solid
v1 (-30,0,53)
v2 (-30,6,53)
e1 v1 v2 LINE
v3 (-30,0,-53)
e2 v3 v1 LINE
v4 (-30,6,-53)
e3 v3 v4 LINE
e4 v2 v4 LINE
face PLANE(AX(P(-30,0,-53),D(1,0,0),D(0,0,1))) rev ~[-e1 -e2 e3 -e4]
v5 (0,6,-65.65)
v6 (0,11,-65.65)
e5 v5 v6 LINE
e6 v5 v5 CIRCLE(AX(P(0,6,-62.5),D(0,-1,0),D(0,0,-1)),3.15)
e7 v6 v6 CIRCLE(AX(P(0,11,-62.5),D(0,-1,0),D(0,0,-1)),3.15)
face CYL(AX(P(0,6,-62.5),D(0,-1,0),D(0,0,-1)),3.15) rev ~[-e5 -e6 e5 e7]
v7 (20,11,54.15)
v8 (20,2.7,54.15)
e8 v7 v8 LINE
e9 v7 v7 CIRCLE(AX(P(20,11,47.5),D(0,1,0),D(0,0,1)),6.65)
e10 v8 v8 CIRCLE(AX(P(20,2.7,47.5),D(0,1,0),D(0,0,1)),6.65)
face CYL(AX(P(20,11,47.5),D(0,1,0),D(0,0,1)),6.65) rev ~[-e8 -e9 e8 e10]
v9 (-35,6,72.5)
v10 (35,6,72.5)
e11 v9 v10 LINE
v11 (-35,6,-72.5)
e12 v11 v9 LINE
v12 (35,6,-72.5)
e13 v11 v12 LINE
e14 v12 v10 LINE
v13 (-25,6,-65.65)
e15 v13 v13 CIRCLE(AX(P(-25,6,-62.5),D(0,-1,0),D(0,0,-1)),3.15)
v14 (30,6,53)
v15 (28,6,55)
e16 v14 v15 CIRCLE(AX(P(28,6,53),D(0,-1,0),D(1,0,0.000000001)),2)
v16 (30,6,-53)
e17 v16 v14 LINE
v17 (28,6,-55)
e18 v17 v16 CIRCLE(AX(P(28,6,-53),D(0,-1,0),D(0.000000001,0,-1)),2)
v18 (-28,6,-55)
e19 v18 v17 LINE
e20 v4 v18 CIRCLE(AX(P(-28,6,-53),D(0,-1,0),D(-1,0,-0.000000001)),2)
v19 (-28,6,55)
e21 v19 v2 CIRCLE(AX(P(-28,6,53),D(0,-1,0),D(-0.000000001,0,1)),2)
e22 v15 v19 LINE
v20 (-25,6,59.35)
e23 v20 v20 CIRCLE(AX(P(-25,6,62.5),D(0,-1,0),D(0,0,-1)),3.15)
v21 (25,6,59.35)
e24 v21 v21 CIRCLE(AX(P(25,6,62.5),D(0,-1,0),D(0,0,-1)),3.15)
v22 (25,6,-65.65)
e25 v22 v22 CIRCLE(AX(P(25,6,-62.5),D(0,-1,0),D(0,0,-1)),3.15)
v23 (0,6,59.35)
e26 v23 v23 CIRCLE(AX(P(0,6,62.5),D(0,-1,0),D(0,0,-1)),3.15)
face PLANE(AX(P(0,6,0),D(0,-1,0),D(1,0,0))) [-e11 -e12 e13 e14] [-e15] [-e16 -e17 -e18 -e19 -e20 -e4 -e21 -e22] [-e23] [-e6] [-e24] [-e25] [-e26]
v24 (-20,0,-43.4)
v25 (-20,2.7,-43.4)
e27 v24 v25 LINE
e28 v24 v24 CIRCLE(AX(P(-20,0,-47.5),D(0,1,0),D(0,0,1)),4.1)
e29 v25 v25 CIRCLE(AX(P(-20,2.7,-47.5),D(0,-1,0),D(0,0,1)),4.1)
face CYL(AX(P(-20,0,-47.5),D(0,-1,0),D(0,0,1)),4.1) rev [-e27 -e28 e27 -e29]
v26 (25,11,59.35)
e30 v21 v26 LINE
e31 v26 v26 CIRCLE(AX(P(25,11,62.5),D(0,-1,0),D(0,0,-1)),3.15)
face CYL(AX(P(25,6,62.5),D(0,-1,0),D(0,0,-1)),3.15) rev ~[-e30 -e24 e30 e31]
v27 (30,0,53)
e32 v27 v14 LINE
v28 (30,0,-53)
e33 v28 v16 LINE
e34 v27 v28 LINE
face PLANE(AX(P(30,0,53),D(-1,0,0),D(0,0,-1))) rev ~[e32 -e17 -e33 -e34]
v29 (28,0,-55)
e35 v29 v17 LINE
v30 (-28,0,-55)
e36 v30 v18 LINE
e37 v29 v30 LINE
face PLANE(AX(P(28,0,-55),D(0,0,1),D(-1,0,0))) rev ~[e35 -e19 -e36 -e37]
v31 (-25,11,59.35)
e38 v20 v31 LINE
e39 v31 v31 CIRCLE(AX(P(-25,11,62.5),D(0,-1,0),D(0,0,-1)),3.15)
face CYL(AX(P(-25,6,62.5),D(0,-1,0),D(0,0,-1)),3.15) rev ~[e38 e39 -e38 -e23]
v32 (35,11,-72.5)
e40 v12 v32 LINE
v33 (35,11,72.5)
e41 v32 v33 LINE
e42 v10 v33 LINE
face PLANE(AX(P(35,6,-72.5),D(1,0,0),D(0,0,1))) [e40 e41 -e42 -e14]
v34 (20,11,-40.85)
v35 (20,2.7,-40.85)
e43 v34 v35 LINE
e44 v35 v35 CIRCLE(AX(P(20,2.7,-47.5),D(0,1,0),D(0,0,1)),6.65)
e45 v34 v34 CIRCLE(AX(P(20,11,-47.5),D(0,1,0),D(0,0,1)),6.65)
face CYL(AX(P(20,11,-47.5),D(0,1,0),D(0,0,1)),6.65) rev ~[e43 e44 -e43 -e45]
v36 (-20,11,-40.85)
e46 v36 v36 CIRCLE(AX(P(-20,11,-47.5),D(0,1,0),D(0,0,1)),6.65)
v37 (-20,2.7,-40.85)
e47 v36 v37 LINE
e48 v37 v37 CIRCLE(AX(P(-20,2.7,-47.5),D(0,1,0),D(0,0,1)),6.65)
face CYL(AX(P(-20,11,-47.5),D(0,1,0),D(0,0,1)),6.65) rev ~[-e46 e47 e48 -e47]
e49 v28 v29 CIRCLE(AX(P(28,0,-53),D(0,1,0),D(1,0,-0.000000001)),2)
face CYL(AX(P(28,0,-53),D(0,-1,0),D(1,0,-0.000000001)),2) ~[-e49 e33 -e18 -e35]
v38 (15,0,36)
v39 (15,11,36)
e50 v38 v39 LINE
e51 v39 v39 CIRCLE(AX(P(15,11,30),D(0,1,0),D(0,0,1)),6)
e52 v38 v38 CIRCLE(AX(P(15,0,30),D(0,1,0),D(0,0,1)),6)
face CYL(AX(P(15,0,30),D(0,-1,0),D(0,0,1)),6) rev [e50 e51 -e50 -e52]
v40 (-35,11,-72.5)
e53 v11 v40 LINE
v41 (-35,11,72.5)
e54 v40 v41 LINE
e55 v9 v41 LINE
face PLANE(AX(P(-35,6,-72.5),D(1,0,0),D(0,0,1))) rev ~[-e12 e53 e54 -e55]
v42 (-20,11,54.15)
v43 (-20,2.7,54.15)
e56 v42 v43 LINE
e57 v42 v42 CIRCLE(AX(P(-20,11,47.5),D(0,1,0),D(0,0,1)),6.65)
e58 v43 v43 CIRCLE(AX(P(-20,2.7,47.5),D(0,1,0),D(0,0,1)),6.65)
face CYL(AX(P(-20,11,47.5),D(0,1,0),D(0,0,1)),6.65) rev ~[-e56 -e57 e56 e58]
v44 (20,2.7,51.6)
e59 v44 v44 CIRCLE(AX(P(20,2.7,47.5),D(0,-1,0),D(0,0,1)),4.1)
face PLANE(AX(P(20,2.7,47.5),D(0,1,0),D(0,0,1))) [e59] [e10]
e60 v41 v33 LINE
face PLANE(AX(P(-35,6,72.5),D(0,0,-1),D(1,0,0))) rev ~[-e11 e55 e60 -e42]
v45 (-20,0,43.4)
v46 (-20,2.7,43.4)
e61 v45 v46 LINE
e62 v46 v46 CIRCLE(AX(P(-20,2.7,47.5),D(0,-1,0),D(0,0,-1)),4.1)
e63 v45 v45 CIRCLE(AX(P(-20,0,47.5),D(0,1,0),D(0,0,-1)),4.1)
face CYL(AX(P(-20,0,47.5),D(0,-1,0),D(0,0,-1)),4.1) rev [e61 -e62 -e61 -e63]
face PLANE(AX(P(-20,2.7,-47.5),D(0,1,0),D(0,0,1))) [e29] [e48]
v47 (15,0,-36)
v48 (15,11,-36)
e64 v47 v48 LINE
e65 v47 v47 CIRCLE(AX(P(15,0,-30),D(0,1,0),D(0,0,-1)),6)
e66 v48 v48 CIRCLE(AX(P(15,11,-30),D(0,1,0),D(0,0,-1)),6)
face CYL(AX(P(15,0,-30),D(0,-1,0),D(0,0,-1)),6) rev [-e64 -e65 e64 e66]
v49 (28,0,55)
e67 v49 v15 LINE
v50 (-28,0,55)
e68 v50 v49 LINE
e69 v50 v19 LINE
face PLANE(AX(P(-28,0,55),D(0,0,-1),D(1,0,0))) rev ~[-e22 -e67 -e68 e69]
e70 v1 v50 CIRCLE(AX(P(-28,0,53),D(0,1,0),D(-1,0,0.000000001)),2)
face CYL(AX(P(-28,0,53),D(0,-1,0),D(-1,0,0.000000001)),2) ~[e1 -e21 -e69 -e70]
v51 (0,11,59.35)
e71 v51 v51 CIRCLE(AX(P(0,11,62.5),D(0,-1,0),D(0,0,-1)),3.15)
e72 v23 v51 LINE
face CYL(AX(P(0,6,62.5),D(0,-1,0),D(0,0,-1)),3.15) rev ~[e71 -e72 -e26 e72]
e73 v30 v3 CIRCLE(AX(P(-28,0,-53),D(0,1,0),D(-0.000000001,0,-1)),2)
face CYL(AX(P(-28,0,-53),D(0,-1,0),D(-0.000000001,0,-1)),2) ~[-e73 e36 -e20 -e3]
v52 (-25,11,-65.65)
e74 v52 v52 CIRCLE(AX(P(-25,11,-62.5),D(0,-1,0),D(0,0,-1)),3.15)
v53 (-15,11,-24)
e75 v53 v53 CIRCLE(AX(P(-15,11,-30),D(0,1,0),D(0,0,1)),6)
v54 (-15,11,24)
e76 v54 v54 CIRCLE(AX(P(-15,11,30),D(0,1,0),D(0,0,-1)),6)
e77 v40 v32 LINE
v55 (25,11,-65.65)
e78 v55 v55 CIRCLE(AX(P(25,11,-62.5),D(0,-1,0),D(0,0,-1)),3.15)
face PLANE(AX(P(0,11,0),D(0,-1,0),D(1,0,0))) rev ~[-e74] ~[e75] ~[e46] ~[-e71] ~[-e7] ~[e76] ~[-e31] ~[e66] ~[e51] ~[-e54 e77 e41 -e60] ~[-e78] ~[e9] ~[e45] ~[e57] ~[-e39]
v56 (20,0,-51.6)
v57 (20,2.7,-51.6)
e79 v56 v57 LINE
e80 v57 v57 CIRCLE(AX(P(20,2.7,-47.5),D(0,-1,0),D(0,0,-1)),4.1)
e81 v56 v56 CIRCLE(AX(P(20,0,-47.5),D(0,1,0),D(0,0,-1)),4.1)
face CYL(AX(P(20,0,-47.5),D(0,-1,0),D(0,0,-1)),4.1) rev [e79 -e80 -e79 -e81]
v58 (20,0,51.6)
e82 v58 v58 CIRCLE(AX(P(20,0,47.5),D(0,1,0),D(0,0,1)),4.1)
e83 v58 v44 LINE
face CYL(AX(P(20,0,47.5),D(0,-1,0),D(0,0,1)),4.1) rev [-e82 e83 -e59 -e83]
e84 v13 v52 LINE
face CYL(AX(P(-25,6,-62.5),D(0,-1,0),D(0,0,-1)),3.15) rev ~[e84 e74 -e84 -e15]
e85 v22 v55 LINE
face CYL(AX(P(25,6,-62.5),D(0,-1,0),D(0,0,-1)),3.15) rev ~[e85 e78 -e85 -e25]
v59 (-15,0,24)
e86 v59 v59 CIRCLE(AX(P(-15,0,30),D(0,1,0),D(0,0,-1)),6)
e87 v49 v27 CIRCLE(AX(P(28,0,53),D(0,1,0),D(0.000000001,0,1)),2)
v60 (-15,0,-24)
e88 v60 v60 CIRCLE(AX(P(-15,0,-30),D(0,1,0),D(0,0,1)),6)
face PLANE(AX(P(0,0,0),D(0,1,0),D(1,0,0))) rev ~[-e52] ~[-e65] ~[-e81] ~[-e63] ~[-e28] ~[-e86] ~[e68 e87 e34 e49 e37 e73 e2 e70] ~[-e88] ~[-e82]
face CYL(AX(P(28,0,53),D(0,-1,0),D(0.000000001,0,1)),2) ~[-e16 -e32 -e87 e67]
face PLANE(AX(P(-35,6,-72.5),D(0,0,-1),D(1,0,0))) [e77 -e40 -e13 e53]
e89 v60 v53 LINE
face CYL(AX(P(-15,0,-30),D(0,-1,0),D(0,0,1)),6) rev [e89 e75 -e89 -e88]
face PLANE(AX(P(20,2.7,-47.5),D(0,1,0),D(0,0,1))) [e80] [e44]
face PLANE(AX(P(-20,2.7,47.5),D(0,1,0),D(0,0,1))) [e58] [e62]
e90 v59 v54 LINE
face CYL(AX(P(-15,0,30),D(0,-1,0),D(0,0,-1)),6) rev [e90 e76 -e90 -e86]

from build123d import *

# Parameters (mm, degrees)
SKETCH_1_R          = 4.1
SKETCH_1_R_2        = 6
EXTRUDE_1_DEPTH     = 11
SKETCH_2_R          = 6.65
CUT_EXTRUDE_1_DEPTH = 8.3
EXTRUDE_START       = -6
SKETCH_3_W          = 70
SKETCH_3_H          = 145
SKETCH_3_R          = 3.15
EXTRUDE_2_DEPTH     = 5


with BuildPart() as part:
    # 草图1 → 凸台-拉伸1 (new body)
    with BuildSketch(Plane(origin=(0, 0, 0), x_dir=(1, 0, 0), z_dir=(0, 1, 0))):
        with BuildLine():
            Line((-28, -55), (28, -55))
            ThreePointArc((28, -55), (29.414213562, -54.414213562), (30, -53))
            Line((30, -53), (30, 53))
            ThreePointArc((30, 53), (29.414213562, 54.414213562), (28, 55))
            Line((28, 55), (-28, 55))
            ThreePointArc((-28, 55), (-29.414213562, 54.414213562), (-30, 53))
            Line((-30, 53), (-30, -53))
            ThreePointArc((-30, -53), (-29.414213562, -54.414213562), (-28, -55))
        make_face()
        with Locations(Location((-20, 47.5, 0), (0, 0, 270))):
            Circle(SKETCH_1_R, mode=Mode.SUBTRACT)
        with Locations(Location((20, 47.5, 0), (0, 0, 90))):
            Circle(SKETCH_1_R, mode=Mode.SUBTRACT)
        with Locations(Location((-20, -47.5, 0), (0, 0, 90))):
            Circle(SKETCH_1_R, mode=Mode.SUBTRACT)
        with Locations(Location((20, -47.5, 0), (0, 0, 270))):
            Circle(SKETCH_1_R, mode=Mode.SUBTRACT)
        with Locations(Location((-15, 30, 0), (0, 0, 270))):
            Circle(SKETCH_1_R_2, mode=Mode.SUBTRACT)
        with Locations(Location((15, 30, 0), (0, 0, 90))):
            Circle(SKETCH_1_R_2, mode=Mode.SUBTRACT)
        with Locations(Location((15, -30, 0), (0, 0, 270))):
            Circle(SKETCH_1_R_2, mode=Mode.SUBTRACT)
        with Locations(Location((-15, -30, 0), (0, 0, 90))):
            Circle(SKETCH_1_R_2, mode=Mode.SUBTRACT)
    extrude(amount=EXTRUDE_1_DEPTH)

    # 草图2 → 切除-拉伸1 (cut)
    with BuildSketch(Plane(origin=(0, 11, 0), x_dir=(1, 0, 0), z_dir=(0, 1, 0))):
        with Locations(Location((-20, 47.5, 0), (0, 0, 270))):
            Circle(SKETCH_2_R)
        with Locations(Location((-20, -47.5, 0), (0, 0, 270))):
            Circle(SKETCH_2_R)
        with Locations(Location((20, 47.5, 0), (0, 0, 270))):
            Circle(SKETCH_2_R)
        with Locations(Location((20, -47.5, 0), (0, 0, 270))):
            Circle(SKETCH_2_R)
    extrude(amount=-CUT_EXTRUDE_1_DEPTH, mode=Mode.SUBTRACT)

    # 草图3 → 凸台-拉伸2 (add)
    with BuildSketch(Plane.XZ.offset(EXTRUDE_START)):
        Rectangle(SKETCH_3_W, SKETCH_3_H)
        with Locations(Location((-25, 62.5, 0), (0, 0, 270))):
            Circle(SKETCH_3_R, mode=Mode.SUBTRACT)
        with Locations(Location((25, 62.5, 0), (0, 0, 270))):
            Circle(SKETCH_3_R, mode=Mode.SUBTRACT)
        with Locations(Location((25, -62.5, 0), (0, 0, 270))):
            Circle(SKETCH_3_R, mode=Mode.SUBTRACT)
        with Locations(Location((-25, -62.5, 0), (0, 0, 270))):
            Circle(SKETCH_3_R, mode=Mode.SUBTRACT)
        with Locations(Location((0, 62.5, 0), (0, 0, 270))):
            Circle(SKETCH_3_R, mode=Mode.SUBTRACT)
        with Locations(Location((0, -62.5, 0), (0, 0, 270))):
            Circle(SKETCH_3_R, mode=Mode.SUBTRACT)
        with BuildLine():
            Line((-30, 53), (-30, -53))
            ThreePointArc((-30, -53), (-29.414213562, -54.414213562), (-28, -55))
            Line((-28, -55), (28, -55))
            ThreePointArc((28, -55), (29.414213562, -54.414213562), (30, -53))
            Line((30, -53), (30, 53))
            ThreePointArc((30, 53), (29.414213562, 54.414213562), (28, 55))
            Line((28, 55), (-28, 55))
            ThreePointArc((-28, 55), (-29.414213562, 54.414213562), (-30, 53))
        make_face(mode=Mode.SUBTRACT)
    extrude(amount=-EXTRUDE_2_DEPTH)


solid = part.part
